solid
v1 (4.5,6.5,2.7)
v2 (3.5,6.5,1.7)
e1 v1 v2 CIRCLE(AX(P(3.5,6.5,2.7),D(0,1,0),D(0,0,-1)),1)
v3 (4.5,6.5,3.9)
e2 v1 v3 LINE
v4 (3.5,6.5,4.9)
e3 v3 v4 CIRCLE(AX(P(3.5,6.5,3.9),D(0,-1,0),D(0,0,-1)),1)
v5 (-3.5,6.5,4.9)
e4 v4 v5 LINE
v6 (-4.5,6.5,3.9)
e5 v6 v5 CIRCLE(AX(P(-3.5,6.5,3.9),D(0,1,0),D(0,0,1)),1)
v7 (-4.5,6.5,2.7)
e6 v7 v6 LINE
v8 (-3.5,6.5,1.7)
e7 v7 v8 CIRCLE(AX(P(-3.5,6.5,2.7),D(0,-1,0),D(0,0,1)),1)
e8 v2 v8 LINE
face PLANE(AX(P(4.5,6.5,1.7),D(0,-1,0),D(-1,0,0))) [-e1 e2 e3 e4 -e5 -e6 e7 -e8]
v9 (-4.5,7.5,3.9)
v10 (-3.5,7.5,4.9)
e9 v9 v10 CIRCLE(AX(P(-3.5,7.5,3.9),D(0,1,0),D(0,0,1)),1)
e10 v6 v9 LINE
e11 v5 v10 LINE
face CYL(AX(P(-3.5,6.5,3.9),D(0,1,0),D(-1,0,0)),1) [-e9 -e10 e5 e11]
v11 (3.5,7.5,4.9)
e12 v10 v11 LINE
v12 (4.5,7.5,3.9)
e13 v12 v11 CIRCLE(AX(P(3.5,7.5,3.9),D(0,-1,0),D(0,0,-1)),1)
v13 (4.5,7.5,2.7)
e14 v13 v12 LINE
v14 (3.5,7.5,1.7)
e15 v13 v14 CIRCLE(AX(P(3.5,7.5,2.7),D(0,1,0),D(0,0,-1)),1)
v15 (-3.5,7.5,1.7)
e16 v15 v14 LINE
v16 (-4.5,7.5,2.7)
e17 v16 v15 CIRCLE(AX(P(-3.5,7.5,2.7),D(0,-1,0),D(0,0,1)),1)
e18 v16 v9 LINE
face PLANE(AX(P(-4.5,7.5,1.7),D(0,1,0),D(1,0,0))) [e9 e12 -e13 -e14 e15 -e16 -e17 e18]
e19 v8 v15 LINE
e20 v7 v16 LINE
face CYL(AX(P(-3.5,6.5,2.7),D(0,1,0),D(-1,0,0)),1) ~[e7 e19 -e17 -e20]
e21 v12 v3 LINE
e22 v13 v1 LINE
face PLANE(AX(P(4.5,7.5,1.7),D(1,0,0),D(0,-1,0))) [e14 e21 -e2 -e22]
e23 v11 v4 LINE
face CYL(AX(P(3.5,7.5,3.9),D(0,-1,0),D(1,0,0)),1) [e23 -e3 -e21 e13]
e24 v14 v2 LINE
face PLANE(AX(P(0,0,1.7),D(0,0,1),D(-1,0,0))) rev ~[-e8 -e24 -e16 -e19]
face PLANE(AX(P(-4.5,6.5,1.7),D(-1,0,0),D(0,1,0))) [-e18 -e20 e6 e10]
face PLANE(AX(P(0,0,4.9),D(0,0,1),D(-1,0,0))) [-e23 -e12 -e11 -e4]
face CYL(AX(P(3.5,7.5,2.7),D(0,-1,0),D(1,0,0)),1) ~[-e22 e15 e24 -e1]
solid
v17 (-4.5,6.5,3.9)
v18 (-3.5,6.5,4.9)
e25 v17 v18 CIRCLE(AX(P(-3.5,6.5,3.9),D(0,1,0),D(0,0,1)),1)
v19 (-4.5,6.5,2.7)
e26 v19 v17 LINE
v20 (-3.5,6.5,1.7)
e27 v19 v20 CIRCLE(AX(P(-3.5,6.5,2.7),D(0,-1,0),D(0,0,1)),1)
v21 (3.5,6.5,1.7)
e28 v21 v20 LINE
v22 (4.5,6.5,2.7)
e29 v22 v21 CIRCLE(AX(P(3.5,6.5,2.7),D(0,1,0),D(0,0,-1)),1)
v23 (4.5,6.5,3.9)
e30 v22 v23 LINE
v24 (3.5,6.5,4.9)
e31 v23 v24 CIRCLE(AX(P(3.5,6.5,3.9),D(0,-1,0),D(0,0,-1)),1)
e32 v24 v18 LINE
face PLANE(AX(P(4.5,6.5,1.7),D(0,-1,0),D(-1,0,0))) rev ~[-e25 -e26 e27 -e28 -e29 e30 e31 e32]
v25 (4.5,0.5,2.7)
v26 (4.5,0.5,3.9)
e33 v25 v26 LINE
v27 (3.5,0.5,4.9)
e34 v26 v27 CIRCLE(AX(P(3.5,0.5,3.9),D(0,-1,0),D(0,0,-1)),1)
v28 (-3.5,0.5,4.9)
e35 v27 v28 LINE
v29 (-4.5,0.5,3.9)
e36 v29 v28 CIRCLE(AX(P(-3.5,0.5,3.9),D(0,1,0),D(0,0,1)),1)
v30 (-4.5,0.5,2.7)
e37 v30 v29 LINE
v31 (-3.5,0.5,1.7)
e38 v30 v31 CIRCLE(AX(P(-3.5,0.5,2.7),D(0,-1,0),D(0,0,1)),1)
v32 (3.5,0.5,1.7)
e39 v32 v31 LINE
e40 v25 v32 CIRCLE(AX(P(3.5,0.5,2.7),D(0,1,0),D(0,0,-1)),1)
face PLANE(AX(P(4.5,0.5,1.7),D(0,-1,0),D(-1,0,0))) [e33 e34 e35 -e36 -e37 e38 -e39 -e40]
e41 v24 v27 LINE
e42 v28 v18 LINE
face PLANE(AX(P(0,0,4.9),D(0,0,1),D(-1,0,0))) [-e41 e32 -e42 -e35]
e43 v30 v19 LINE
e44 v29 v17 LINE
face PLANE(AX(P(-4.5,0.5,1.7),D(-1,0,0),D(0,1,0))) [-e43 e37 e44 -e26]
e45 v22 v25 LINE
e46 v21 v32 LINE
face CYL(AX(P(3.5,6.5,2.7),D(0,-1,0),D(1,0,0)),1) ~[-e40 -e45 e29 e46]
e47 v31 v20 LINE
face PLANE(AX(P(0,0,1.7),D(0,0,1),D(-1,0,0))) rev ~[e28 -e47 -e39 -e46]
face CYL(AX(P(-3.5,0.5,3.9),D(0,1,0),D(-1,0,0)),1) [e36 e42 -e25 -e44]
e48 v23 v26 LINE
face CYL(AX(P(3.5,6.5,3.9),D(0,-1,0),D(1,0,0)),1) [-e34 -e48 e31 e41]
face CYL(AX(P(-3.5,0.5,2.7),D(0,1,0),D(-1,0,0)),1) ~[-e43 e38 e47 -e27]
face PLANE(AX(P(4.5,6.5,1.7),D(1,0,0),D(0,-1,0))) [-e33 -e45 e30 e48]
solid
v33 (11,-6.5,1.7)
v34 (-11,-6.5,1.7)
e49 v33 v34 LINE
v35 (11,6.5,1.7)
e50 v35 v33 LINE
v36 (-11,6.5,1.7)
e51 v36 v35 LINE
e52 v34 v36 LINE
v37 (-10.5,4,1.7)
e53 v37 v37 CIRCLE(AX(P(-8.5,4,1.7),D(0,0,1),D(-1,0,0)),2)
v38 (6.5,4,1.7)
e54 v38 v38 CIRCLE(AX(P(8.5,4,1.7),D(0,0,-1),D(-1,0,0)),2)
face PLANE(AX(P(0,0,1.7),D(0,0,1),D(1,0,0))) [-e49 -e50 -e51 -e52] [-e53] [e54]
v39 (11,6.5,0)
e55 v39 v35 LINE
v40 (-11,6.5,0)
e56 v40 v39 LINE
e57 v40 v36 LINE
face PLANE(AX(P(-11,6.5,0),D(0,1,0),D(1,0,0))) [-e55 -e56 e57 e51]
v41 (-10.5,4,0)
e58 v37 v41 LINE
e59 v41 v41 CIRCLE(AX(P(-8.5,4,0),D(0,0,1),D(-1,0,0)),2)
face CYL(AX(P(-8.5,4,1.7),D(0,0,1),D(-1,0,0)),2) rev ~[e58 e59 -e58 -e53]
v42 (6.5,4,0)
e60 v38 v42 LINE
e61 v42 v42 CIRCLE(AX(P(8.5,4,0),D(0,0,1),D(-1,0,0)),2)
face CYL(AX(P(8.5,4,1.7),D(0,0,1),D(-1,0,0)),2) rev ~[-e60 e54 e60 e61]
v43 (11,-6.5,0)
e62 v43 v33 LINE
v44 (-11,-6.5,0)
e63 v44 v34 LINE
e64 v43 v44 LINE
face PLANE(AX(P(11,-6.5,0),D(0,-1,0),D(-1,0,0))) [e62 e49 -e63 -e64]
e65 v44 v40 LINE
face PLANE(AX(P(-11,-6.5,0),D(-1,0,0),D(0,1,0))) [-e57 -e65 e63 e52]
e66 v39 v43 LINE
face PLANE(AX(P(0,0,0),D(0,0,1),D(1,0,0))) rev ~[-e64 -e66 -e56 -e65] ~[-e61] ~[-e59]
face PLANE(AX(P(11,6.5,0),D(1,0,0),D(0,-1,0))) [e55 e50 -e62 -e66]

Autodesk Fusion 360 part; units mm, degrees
sketch "Sketch1" plane through (0, 0, 0) normal (0, 0, 1) x (1, 0, 0) in component "board"
  line L0 (11, -6.5) -> (-11, -6.5)
  line L1 (-11, -6.5) -> (-11, 6.5)
  line L2 (-11, 6.5) -> (11, 6.5)
  line L3 (11, 6.5) -> (11, -6.5)
  line L4 (11, -6.5) -> (-11, 6.5) construction
  line L5 (-11, -6.5) -> (11, 6.5) construction
  dimension "d1" = 22
  dimension "d2" = 13
extrude "Extrude1" add sketch "Sketch1" along normal blind 1.7 makes body 1 in component "board"
sketch "Sketch1 (2)" plane through (0, 0, 1.7) normal (0, 0, 1) x (-1, 0, 0) in component "port"
  line L0 (-11, -6.5) -> (11, -6.5)
  line L1 (11, -6.5) -> (11, 6.5)
  line L2 (11, 6.5) -> (-11, 6.5)
  line L3 (-11, 6.5) -> (-11, -6.5)
  line L4 (4.5, -7.5) -> (-4.5, -7.5)
  line L5 (-4.5, -7.5) -> (-4.5, -0.5)
  line L6 (-4.5, -0.5) -> (4.5, -0.5)
  line L7 (4.5, -0.5) -> (4.5, -7.5)
  line L8 (11, -6.5) -> (-11, -6.5)
  line L9 (-4.5, -3.3996) -> (-11, -3.3996) construction
  line L10 (4.5, -3.3996) -> (11, -3.3996) construction
  dimension "d12" = 9
  dimension "d13" = 7
  dimension "d20" = 1
extrude "Extrude2" add sketch "Sketch1 (2)" along normal blind 3.2 separate body contours L0 L4 L5 L7 L8 makes body 2 in component "port"
extrude "Extrude1'" add sketch "Sketch1 (2)" along normal blind 3.2 separate body contours L0 L5 L6 L7 L8 makes body 3 in component "port"
fillet "Fillet1" radius 1 8 edges at (4.5, 3.5, 4.9) (4.5, 3.5, 1.7) (-4.5, 3.5, 1.7) (-4.5, 3.5, 4.9) (4.5, 7, 4.9) (4.5, 7, 1.7) (-4.5, 7, 1.7) (-4.5, 7, 4.9) on bodies 2 3 in component "port"
sketch "Sketch1 (3)" plane through (0, 0, 1.7) normal (0, 0, 1) x (-1, 0, 0)
  line L0 (-11, -6.5) -> (11, -6.5)
  line L1 (11, -6.5) -> (11, 6.5)
  line L2 (11, 6.5) -> (-11, 6.5)
  line L3 (-11, 6.5) -> (-11, -6.5)
  circle A0 centre (-8.5, -4) radius 2
  line L4 (-8.5, -4) -> (-8.5, -6.5)
  line L5 (-8.5, -4) -> (-11, -4)
  line L6 (0, -6.5) -> (0, 6.5) construction
  circle A1 centre (8.5, -4) radius 2
  dimension "d24" = 4
  dimension "d25" = 2.5
  dimension "d28" = 2.5
extrude "Extrude4" cut sketch "Sketch1 (3)" against normal up to surface (1.7 mm away) contours A0 L4 L5 | A0 L4 L5 | A1 bodies 1 in component "board"
component "board" placed x (1, 0, 0) y (0, 1, 0) z (0, 0, 1) at (0, 0, 0)
component "port" placed x (1, 0, 0) y (0, 1, 0) z (0, 0, 1) at (0, 0, 0)
